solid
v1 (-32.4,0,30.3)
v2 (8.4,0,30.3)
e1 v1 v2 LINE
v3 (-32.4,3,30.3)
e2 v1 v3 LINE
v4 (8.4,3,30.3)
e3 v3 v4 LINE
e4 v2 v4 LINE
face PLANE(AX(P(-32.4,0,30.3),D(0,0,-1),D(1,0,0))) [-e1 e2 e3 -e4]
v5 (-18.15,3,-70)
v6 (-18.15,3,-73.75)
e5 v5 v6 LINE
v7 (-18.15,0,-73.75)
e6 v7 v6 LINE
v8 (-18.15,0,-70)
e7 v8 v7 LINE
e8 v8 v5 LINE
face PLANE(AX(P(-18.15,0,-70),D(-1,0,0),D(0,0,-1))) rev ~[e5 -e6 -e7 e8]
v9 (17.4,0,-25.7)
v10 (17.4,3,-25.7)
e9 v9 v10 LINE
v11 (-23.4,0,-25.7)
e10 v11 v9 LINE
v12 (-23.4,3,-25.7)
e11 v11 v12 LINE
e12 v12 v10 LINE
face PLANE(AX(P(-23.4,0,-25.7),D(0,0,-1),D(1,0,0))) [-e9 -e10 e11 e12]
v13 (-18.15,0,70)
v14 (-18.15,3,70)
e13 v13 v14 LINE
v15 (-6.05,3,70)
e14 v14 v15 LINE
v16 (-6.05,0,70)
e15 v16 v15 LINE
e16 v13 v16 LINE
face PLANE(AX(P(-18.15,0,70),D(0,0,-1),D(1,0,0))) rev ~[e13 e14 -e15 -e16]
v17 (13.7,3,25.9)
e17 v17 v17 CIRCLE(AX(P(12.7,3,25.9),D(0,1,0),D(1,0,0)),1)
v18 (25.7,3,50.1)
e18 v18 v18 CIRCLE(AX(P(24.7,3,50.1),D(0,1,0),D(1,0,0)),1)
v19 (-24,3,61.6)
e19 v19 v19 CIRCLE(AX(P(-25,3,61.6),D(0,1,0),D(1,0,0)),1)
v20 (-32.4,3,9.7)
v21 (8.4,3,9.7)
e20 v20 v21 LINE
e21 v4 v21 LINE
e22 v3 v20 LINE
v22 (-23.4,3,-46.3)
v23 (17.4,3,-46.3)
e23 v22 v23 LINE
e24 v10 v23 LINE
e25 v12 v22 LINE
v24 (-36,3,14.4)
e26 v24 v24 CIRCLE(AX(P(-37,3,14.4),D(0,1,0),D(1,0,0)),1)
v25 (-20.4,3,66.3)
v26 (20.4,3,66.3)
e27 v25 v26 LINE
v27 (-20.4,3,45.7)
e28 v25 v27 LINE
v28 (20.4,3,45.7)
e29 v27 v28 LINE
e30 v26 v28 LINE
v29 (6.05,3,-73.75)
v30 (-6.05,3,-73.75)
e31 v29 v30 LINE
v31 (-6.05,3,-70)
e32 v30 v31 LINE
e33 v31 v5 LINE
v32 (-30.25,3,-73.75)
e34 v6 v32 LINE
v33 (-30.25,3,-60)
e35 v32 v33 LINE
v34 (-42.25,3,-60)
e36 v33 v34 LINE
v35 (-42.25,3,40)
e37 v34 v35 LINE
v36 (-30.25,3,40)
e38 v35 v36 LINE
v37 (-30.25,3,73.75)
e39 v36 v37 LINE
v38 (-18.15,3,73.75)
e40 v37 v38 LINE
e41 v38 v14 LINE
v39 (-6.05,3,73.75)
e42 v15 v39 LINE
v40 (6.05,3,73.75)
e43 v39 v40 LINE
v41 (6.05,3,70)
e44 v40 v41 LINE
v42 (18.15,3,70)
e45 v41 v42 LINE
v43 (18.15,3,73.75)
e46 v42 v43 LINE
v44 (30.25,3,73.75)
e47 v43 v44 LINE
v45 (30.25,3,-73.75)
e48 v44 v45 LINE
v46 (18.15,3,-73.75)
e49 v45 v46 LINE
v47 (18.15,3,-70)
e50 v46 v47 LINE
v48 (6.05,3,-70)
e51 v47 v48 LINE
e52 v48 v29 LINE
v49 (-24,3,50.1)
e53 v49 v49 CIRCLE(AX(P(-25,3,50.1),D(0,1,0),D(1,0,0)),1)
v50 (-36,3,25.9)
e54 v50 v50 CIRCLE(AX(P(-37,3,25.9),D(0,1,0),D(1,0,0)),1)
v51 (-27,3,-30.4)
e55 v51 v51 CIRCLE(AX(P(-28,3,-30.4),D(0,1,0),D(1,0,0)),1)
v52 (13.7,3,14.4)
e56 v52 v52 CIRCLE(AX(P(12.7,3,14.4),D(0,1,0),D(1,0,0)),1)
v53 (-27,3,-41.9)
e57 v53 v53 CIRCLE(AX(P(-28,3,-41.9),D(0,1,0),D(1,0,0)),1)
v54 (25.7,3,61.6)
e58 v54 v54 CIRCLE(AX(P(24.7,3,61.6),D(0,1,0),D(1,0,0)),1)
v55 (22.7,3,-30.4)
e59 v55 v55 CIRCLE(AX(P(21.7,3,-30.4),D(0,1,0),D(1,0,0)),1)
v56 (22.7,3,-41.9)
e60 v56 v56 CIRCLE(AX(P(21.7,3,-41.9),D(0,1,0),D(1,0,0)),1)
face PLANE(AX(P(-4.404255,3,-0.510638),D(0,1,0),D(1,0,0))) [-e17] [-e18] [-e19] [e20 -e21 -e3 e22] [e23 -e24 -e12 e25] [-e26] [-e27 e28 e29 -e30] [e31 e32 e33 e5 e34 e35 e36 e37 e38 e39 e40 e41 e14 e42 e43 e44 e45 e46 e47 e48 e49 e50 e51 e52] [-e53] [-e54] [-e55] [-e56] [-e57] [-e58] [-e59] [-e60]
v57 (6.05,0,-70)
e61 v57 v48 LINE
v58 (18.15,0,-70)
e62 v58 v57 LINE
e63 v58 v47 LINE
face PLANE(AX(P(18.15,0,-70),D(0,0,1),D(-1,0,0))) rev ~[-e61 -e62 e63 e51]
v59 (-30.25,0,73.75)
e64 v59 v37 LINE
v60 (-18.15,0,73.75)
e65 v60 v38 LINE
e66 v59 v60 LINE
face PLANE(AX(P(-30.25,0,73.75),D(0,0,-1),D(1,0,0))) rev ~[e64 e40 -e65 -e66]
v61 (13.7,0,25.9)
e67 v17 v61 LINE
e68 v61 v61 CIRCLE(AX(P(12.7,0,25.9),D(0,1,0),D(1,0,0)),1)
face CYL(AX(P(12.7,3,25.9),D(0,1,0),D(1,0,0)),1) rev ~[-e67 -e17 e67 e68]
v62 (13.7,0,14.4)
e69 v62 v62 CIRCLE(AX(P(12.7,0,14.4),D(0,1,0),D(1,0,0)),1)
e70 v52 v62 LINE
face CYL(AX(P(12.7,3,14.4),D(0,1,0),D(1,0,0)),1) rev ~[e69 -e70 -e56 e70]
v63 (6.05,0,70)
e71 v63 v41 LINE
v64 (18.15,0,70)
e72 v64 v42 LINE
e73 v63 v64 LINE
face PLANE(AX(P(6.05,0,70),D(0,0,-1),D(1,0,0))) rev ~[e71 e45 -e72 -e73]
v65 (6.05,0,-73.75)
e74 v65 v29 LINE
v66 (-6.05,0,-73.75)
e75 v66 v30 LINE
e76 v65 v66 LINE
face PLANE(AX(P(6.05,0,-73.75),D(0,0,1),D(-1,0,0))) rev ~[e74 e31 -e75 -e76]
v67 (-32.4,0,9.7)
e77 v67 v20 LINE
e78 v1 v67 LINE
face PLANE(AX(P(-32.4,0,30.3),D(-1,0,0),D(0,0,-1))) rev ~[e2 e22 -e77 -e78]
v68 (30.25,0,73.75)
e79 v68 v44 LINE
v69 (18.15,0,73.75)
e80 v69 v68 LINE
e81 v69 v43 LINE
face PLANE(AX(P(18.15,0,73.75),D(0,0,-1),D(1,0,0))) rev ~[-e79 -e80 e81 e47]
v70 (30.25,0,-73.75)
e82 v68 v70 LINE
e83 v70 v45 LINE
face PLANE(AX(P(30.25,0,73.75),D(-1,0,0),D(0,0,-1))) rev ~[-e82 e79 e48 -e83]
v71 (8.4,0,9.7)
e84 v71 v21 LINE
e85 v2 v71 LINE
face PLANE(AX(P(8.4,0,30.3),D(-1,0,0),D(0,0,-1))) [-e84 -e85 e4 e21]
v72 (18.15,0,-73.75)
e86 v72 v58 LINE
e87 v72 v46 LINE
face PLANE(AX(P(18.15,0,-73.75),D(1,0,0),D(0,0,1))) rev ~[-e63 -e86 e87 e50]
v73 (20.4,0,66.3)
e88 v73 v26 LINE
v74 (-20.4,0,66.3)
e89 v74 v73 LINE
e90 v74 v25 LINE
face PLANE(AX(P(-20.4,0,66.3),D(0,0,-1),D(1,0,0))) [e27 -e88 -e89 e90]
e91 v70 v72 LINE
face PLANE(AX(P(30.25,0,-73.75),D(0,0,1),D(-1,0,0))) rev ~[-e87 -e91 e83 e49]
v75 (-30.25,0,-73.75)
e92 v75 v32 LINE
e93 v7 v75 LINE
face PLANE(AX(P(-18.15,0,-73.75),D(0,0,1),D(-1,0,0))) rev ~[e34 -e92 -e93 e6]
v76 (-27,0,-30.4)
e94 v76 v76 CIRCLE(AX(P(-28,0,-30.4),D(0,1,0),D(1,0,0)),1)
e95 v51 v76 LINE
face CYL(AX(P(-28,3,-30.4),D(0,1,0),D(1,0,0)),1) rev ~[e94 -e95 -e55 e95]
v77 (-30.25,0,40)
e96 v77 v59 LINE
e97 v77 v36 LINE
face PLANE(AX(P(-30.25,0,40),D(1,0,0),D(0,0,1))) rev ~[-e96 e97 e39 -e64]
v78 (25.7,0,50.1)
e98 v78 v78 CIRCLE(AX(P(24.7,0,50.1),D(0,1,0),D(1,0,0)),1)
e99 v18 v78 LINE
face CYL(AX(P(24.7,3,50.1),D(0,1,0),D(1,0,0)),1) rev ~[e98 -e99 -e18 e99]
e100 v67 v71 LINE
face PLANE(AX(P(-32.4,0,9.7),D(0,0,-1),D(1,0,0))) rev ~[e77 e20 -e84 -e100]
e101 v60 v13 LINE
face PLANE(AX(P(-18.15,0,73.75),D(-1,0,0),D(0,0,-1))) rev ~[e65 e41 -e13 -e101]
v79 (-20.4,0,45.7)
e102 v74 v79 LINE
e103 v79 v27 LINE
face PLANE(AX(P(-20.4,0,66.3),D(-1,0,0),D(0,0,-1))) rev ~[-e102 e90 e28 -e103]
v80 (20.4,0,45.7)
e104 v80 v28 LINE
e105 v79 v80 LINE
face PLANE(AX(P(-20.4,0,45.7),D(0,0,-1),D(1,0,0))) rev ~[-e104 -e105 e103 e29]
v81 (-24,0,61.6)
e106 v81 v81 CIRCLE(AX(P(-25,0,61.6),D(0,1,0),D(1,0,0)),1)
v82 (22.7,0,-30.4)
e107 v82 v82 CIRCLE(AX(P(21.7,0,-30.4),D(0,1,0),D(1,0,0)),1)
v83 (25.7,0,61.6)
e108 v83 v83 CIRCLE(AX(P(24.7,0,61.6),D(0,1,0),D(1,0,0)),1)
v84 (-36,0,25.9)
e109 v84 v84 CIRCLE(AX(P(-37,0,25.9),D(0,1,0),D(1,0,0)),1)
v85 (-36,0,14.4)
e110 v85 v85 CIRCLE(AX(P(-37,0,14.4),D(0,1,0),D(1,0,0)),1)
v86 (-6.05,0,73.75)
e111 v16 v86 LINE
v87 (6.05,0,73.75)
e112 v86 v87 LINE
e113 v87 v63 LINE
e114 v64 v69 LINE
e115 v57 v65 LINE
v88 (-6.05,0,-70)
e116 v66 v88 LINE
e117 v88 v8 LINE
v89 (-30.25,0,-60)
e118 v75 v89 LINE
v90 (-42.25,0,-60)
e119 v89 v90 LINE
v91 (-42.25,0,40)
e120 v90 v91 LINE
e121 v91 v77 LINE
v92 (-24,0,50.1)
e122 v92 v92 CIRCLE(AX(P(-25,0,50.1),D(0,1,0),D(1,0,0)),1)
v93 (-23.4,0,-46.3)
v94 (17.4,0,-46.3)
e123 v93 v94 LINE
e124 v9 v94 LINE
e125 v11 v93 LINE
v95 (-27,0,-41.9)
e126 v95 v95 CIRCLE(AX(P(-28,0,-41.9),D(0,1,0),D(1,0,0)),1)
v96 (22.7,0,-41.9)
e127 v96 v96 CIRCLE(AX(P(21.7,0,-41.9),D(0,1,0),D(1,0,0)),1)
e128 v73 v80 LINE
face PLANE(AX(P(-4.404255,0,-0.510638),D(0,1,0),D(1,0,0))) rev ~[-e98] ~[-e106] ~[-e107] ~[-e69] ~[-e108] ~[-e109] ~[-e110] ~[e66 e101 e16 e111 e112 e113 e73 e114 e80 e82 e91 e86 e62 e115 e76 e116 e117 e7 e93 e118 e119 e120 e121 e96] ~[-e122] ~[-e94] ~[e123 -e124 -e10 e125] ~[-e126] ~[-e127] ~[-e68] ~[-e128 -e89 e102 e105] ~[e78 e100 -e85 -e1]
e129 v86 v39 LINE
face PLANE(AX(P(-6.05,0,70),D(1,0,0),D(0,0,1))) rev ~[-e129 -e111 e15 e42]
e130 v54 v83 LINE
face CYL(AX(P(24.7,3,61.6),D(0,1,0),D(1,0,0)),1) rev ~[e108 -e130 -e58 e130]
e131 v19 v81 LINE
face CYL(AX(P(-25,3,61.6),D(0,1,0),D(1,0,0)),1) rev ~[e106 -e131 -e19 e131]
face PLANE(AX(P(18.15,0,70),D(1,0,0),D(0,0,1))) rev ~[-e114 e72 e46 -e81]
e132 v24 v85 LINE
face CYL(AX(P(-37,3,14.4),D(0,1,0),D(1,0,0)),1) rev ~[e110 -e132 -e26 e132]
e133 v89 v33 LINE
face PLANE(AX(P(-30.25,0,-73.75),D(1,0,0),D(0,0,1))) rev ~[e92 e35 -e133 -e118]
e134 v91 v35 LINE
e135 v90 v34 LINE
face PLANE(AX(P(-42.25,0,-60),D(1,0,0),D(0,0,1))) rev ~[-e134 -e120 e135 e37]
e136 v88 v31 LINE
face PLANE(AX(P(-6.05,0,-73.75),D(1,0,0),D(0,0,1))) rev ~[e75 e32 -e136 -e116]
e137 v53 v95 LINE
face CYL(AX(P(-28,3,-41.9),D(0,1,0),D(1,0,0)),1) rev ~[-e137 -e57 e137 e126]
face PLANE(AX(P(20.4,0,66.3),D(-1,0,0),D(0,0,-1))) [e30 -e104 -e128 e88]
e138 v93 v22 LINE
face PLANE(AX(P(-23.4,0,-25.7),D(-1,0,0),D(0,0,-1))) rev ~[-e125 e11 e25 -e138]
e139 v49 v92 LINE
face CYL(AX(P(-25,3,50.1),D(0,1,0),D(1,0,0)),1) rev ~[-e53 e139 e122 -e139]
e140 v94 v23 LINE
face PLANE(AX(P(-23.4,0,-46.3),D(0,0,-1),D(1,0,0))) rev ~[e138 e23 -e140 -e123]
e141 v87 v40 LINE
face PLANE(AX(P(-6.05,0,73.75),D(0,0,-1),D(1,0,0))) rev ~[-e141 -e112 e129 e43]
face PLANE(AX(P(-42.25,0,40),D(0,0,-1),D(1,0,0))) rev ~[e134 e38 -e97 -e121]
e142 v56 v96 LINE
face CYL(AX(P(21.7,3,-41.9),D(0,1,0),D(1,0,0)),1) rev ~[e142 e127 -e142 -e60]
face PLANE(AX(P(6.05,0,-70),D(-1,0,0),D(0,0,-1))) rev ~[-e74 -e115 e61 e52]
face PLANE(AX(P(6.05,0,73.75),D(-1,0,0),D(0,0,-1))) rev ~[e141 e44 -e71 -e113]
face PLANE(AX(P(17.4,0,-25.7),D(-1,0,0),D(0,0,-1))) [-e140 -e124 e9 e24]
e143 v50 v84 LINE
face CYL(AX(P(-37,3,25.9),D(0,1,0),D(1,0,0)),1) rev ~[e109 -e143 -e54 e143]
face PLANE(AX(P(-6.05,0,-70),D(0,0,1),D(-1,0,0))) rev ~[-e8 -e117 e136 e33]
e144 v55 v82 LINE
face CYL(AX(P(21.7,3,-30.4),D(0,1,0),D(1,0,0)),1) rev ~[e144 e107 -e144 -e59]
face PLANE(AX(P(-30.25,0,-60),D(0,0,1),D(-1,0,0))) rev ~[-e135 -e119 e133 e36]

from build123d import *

# Parameters (mm, degrees)
SKETCH1_W           = 40.8
SKETCH1_H           = 20.6
BOSS_EXTRUDE4_DEPTH = 3
SKETCH2_R           = 1
CUT_EXTRUDE1_DEPTH  = 4


with BuildPart() as part:
    # Sketch1 → Boss-Extrude4 (new body)
    with BuildSketch(Plane(origin=(0, 0, 0), x_dir=(1, 0, 0), z_dir=(0, 1, 0))):
        Polygon((30.25, -70), (30.25, 70), (30.25, 73.75), (18.15, 73.75), (18.15, 70), (6.05, 70), (6.05, 73.75), (-6.05, 73.75), (-6.05, 70), (-18.15, 70), (-18.15, 73.75), (-30.25, 73.75), (-30.25, 70), (-30.25, 60), (-42.25, 60), (-42.25, -40), (-30.25, -40), (-30.25, -70), (-30.25, -73.75), (-18.15, -73.75), (-18.15, -70), (-6.05, -70), (-6.05, -73.75), (6.05, -73.75), (6.05, -70), (18.15, -70), (18.15, -73.75), (30.25, -73.75), align=None)
        with Locations((0, -56)):
            Rectangle(SKETCH1_W, SKETCH1_H, mode=Mode.SUBTRACT)
        with Locations((-12, -20)):
            Rectangle(SKETCH1_W, SKETCH1_H, mode=Mode.SUBTRACT)
        with Locations((-3, 36)):
            Rectangle(SKETCH1_W, SKETCH1_H, mode=Mode.SUBTRACT)
    extrude(amount=BOSS_EXTRUDE4_DEPTH)

    # Sketch2 → Cut-Extrude1 (cut, through all)
    with BuildSketch(Plane(origin=(0, 3, 0), x_dir=(1, 0, 0), z_dir=(0, 1, 0))):
        with Locations((-25, -50.1)):
            Circle(SKETCH2_R)
        with Locations((-25, -61.6)):
            Circle(SKETCH2_R)
        with Locations((-37, -25.9)):
            Circle(SKETCH2_R)
        with Locations((-28, 30.4)):
            Circle(SKETCH2_R)
        with Locations((-28, 41.9)):
            Circle(SKETCH2_R)
        with Locations((21.7, 41.9)):
            Circle(SKETCH2_R)
        with Locations((21.7, 30.4)):
            Circle(SKETCH2_R)
        with Locations((12.7, -14.4)):
            Circle(SKETCH2_R)
        with Locations((12.7, -25.9)):
            Circle(SKETCH2_R)
        with Locations((24.7, -50.1)):
            Circle(SKETCH2_R)
        with Locations((24.7, -61.6)):
            Circle(SKETCH2_R)
        with Locations((-37, -14.4)):
            Circle(SKETCH2_R)
    extrude(amount=-CUT_EXTRUDE1_DEPTH, mode=Mode.SUBTRACT)


solid = part.part
